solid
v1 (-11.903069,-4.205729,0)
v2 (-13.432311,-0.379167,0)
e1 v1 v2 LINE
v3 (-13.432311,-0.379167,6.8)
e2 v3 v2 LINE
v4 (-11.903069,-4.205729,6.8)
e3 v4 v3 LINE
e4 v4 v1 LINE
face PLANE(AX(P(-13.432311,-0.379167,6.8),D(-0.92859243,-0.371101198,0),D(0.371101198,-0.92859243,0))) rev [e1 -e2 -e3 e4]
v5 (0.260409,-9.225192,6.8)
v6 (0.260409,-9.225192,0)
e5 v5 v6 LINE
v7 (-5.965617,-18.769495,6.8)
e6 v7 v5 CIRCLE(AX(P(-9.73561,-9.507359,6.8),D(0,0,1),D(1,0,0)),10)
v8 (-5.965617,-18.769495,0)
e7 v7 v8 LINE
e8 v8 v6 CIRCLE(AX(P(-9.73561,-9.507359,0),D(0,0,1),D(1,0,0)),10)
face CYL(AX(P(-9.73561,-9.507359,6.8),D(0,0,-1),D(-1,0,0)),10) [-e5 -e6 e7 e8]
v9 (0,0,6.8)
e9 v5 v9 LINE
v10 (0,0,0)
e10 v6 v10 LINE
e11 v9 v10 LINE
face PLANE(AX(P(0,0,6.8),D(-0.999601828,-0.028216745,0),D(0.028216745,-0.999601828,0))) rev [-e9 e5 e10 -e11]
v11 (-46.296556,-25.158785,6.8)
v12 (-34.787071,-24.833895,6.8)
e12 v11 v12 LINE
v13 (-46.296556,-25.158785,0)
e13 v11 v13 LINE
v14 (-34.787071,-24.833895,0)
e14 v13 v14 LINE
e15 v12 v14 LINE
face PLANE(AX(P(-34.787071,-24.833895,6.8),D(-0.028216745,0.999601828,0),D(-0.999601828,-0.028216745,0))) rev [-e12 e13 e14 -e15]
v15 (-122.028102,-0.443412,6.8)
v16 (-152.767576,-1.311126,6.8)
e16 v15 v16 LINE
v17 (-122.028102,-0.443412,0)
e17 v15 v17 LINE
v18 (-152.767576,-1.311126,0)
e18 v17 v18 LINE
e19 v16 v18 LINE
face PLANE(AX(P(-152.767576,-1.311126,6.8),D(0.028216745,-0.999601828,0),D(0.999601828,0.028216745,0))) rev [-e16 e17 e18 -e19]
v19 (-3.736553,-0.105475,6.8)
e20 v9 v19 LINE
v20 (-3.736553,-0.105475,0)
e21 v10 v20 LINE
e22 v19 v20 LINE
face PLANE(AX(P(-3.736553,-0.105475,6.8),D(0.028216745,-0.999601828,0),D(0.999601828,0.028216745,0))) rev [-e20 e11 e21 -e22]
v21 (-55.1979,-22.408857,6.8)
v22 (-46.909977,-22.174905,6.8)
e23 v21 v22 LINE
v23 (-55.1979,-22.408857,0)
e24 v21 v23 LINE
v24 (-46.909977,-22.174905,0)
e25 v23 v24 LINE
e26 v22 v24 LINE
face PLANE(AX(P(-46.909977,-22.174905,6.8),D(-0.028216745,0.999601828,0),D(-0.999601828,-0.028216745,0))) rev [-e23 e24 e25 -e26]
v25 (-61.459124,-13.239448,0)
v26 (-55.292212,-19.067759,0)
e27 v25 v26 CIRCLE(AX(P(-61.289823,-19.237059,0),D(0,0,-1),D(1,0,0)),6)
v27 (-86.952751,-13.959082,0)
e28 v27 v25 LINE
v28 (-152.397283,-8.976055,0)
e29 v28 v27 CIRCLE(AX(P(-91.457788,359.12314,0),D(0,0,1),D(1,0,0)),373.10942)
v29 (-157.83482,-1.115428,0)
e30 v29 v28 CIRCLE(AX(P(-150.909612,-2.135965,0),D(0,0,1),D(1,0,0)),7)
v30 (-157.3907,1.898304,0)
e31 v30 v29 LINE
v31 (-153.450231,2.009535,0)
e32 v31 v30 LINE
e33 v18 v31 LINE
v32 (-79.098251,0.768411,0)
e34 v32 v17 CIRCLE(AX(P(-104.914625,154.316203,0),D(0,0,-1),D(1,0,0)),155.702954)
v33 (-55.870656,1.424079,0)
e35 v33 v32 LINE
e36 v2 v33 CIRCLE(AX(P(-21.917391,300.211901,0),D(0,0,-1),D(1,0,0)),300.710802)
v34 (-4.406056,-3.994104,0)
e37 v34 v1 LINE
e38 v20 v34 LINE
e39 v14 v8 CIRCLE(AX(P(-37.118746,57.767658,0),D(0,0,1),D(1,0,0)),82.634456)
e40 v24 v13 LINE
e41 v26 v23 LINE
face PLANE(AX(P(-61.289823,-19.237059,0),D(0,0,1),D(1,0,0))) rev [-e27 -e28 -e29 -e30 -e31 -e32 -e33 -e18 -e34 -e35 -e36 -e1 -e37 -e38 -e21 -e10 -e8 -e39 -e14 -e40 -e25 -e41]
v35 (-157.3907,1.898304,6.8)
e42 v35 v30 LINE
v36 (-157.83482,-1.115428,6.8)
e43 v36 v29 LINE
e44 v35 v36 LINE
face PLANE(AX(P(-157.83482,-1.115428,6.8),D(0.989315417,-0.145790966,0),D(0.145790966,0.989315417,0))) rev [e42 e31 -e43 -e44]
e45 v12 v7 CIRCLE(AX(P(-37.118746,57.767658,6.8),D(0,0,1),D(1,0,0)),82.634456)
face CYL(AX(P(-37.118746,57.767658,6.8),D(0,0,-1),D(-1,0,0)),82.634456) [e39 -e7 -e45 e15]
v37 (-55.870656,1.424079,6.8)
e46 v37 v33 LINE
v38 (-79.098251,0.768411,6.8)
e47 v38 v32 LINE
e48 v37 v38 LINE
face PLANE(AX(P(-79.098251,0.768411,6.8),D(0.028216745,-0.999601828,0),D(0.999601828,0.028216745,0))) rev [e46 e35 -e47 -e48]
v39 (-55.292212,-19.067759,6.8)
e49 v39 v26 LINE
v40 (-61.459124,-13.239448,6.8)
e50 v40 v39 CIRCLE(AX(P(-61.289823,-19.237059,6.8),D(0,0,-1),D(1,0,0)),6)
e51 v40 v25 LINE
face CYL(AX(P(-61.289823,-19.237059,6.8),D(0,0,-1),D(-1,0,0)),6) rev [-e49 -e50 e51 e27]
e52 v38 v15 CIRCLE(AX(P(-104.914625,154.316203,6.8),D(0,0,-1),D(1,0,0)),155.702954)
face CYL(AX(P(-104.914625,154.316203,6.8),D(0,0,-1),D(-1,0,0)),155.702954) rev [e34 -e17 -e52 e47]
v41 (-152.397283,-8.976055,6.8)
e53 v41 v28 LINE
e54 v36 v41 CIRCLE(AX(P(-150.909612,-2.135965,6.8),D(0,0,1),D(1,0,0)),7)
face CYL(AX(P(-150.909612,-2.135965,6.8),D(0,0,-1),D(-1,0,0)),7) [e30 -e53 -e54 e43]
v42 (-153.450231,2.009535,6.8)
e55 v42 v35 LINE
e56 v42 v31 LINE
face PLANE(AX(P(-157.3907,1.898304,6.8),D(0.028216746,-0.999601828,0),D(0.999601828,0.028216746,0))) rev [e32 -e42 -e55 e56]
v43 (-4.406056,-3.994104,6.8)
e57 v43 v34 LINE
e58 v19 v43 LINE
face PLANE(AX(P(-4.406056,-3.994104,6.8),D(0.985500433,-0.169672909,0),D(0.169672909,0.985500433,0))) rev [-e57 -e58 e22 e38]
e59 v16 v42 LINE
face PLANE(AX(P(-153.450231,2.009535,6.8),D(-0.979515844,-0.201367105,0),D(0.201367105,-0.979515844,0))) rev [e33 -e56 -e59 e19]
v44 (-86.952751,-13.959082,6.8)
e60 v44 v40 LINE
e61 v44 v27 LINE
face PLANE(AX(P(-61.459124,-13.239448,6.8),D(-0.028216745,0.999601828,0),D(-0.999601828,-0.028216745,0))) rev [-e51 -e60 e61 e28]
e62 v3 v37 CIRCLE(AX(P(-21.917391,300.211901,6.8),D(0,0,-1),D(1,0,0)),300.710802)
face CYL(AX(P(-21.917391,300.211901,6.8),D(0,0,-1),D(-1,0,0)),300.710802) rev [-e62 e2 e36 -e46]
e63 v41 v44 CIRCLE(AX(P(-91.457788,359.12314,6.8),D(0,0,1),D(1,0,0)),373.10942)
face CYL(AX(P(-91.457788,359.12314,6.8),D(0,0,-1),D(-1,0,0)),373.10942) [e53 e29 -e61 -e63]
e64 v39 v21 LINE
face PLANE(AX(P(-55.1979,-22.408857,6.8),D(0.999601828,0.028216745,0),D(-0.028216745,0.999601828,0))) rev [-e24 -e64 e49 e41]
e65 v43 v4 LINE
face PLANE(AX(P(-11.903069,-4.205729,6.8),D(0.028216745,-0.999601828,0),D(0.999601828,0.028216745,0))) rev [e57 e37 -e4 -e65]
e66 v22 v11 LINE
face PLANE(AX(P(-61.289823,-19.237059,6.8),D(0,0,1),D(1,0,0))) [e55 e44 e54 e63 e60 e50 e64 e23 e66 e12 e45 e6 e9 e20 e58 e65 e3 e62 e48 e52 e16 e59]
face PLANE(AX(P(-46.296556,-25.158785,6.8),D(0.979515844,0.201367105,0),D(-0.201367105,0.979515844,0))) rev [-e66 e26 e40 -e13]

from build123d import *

# Parameters (mm, degrees)
BOSS_EXTRUDE1_DEPTH = 6.8


with BuildPart() as part:
    # Sketch1 → Boss-Extrude1 (new body)
    with BuildSketch(Plane.XY):
        with BuildLine():
            Line((-3.736553352, -0.105475371), (0, 0))
            Line((0, 0), (0.260408581, -9.22519204))
            ThreePointArc((0.260408581, -9.22519204), (-1.360098109, -14.970948565), (-5.965617029, -18.769495059))
            ThreePointArc((-5.965617029, -18.769495059), (-20.103980037, -23.096122462), (-34.787070991, -24.833894972))
            Line((-34.787070991, -24.833894972), (-46.296555972, -25.15878454))
            Line((-46.296555972, -25.15878454), (-46.909976525, -22.174905175))
            Line((-46.909976525, -22.174905175), (-55.197899778, -22.408856547))
            Line((-55.197899778, -22.408856547), (-55.292212243, -19.06775851))
            ThreePointArc((-55.292212243, -19.06775851), (-57.168585337, -14.876394082), (-61.459123685, -13.239448011))
            Line((-61.459123685, -13.239448011), (-86.952751483, -13.959081751))
            ThreePointArc((-86.952751483, -13.959081751), (-119.784800915, -12.909412184), (-152.397282866, -8.976055209))
            ThreePointArc((-152.397282866, -8.976055209), (-156.666477303, -6.118238551), (-157.834820075, -1.115428104))
            Line((-157.834820075, -1.115428104), (-157.390699994, 1.898303501))
            Line((-157.390699994, 1.898303501), (-153.450231486, 2.009534988))
            Line((-153.450231486, 2.009534988), (-152.767576007, -1.311125833))
            Line((-152.767576007, -1.311125833), (-122.028102345, -0.443412436))
            ThreePointArc((-122.028102345, -0.443412436), (-100.521194384, -1.324753836), (-79.098250735, 0.768410766))
            Line((-79.098250735, 0.768410766), (-55.870655521, 1.424078972))
            ThreePointArc((-55.870655521, 1.424078972), (-34.68336237, -0.227804683), (-13.432310629, -0.379167061))
            Line((-13.432310629, -0.379167061), (-11.903069428, -4.205729222))
            Line((-11.903069428, -4.205729222), (-4.406055716, -3.994103632))
            Line((-4.406055716, -3.994103632), (-3.736553352, -0.105475371))
        make_face()
    extrude(amount=BOSS_EXTRUDE1_DEPTH)


solid = part.part
